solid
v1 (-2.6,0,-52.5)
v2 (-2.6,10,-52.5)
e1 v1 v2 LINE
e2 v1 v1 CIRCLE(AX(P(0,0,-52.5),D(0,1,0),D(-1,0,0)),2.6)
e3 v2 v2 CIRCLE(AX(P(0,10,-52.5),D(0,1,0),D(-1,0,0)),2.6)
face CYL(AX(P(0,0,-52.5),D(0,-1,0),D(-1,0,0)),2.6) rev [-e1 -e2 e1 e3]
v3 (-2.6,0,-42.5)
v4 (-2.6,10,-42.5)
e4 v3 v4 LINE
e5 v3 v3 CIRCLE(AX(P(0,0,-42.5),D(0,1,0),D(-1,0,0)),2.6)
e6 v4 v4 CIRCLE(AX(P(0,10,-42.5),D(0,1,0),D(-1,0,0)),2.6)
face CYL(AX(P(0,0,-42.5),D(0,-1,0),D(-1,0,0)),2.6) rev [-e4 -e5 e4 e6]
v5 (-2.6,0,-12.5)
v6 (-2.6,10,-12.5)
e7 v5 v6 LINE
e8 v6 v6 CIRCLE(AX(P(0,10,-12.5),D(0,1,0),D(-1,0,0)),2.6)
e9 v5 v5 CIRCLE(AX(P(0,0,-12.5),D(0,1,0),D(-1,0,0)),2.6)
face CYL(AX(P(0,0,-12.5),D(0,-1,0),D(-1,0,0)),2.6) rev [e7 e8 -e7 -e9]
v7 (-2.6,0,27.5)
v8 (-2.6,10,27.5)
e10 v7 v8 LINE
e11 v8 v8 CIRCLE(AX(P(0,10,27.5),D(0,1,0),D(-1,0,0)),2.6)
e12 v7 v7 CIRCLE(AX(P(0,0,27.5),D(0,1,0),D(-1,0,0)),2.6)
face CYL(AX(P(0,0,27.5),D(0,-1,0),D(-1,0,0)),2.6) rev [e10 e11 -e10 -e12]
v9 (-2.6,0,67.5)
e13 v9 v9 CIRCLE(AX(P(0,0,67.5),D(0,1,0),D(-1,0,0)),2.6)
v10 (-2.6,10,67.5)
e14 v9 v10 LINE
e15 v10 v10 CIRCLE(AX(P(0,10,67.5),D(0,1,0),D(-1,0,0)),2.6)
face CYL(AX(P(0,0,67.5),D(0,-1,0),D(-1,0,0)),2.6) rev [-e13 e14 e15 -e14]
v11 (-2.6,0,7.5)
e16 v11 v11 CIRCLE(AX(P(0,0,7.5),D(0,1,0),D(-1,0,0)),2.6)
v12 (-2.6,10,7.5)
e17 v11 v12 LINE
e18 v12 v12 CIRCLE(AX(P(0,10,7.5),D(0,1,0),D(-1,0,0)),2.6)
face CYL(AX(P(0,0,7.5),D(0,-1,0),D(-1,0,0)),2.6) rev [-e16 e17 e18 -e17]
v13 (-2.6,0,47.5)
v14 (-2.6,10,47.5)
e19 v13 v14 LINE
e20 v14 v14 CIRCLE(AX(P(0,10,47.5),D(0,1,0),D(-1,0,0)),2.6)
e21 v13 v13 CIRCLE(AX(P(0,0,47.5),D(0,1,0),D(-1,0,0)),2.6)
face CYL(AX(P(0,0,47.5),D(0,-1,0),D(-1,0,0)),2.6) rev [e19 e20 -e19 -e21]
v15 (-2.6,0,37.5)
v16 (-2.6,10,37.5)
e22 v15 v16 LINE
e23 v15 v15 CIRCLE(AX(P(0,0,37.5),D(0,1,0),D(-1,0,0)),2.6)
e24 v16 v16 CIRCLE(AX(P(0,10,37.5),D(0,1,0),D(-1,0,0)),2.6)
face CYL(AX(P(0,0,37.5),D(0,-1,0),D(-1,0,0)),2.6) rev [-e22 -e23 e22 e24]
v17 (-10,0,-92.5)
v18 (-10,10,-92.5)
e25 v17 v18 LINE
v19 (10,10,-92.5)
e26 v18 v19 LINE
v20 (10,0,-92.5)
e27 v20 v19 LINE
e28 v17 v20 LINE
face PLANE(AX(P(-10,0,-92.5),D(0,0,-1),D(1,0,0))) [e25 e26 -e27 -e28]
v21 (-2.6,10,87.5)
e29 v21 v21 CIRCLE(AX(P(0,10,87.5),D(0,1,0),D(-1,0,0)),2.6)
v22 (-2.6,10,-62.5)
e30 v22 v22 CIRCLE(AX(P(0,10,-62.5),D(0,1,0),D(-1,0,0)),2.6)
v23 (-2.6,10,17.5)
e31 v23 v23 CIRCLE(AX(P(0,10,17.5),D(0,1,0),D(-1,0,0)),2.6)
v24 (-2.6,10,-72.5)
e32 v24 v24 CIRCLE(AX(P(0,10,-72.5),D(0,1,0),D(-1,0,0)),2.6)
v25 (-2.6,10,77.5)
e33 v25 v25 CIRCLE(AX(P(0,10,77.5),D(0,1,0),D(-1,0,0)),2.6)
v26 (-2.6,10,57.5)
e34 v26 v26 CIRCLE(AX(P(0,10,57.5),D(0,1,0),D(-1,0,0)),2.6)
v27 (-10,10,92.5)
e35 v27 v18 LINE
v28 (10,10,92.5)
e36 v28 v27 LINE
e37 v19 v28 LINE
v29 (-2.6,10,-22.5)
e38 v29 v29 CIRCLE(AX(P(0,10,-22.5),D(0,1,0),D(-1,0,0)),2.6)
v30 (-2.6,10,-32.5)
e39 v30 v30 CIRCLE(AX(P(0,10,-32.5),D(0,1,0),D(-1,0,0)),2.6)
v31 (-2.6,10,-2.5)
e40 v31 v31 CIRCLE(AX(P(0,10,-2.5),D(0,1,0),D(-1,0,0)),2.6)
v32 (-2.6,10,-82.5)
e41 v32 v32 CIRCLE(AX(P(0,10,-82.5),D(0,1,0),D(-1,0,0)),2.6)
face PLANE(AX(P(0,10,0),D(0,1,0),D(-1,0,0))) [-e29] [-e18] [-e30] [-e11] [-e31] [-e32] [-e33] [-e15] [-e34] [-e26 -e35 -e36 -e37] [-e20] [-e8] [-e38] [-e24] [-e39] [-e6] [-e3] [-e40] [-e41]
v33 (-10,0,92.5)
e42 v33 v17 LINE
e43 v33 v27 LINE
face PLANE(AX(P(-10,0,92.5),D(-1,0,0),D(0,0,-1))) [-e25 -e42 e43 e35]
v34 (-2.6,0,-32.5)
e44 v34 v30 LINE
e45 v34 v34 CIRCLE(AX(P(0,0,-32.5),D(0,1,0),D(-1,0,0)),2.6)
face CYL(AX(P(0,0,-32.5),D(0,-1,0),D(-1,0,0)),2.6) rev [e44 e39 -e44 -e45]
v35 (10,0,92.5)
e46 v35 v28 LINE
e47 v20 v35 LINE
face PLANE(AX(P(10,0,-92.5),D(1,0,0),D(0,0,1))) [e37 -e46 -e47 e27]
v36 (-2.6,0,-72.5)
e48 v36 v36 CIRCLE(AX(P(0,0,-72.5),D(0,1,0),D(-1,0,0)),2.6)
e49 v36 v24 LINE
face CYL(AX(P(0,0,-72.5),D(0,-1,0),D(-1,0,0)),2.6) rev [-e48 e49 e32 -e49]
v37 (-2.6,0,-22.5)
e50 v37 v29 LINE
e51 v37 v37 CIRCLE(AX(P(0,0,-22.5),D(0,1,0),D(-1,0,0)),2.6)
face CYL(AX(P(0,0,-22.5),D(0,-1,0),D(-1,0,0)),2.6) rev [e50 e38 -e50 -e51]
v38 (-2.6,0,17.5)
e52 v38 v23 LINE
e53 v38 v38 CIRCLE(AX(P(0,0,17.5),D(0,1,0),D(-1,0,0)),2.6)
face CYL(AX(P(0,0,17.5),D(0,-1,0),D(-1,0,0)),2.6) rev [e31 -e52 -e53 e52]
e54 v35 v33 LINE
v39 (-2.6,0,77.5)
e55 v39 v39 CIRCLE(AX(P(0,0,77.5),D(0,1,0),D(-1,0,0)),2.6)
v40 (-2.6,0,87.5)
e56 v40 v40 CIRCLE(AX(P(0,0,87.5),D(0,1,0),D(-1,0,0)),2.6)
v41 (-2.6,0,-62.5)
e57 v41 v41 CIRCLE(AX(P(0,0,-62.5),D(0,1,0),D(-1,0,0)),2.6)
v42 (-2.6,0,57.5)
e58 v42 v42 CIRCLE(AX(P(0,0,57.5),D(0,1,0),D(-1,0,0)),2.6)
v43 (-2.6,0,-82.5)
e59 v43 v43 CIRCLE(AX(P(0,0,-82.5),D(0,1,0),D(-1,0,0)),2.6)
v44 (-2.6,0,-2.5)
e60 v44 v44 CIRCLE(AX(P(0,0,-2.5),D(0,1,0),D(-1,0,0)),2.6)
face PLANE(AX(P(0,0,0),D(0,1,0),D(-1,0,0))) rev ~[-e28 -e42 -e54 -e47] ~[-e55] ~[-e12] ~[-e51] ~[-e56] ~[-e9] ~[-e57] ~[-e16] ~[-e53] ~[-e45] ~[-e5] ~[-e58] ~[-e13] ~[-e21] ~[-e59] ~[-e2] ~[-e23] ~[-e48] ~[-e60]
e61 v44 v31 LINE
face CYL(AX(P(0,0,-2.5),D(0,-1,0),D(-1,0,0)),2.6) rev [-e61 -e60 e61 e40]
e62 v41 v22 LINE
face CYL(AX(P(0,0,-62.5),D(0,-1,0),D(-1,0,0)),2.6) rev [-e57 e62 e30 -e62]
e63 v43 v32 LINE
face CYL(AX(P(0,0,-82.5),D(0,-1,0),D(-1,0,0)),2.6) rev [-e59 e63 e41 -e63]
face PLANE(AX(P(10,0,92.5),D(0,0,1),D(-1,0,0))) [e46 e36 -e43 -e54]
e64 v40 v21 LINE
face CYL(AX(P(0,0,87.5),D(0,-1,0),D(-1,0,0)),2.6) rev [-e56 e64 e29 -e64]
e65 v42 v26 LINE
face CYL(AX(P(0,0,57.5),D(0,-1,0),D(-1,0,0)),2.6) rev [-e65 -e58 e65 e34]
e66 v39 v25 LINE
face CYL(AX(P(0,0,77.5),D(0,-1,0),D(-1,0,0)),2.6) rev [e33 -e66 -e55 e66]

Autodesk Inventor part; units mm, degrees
ref_plane "YZ Plane" through (0, 0, 0) normal (1, 0, 0) x (0, 1, 0)
ref_plane "XZ Plane" through (0, 0, 0) normal (0, 1, 0) x (-1, 0, 0)
ref_plane "XY Plane" through (0, 0, 0) normal (0, 0, 1) x (1, 0, 0)
sketch "Sketch1" plane through (0, 0, 0) normal (0, 1, 0) x (-1, 0, 0)
  line L0 (-10, 92.5) -> (10, 92.5)
  line L1 (10, 92.5) -> (10, -92.5)
  line L2 (10, -92.5) -> (-10, -92.5)
  line L3 (-10, -92.5) -> (-10, 92.5)
  line L4 (-10, 92.5) -> (10, -92.5) construction
  line L5 (10, 92.5) -> (-10, -92.5) construction
  circle A0 centre (0, -82.5) radius 2.6
  circle A1 centre (0, -72.5) radius 2.6
  circle A2 centre (0, -62.5) radius 2.6
  circle A3 centre (0, -52.5) radius 2.6
  circle A4 centre (0, -42.5) radius 2.6
  circle A5 centre (0, -32.5) radius 2.6
  circle A6 centre (0, -22.5) radius 2.6
  circle A7 centre (0, -12.5) radius 2.6
  circle A8 centre (0, -2.5) radius 2.6
  circle A9 centre (0, 7.5) radius 2.6
  circle A10 centre (0, 17.5) radius 2.6
  circle A11 centre (0, 27.5) radius 2.6
  circle A12 centre (0, 37.5) radius 2.6
  circle A13 centre (0, 47.5) radius 2.6
  circle A14 centre (0, 57.5) radius 2.6
  circle A15 centre (0, 67.5) radius 2.6
  circle A16 centre (0, 77.5) radius 2.6
  circle A17 centre (0, 87.5) radius 2.6
  circle A18 centre (0, 97.5) radius 2.6
  circle A19 centre (0, 107.5) radius 2.6
  circle A20 centre (0, 117.5) radius 2.6
  circle A21 centre (0, 127.5) radius 2.6
  circle A22 centre (0, 137.5) radius 2.6
  circle A23 centre (0, 147.5) radius 2.6
  point P0 (0, 0)
  dimension "d0" = 20
  dimension "d1" = 185
  dimension "d2" = 10
  dimension "d3" = 5.2
  dimension "d6" = 10
extrude "Extrusion1" add sketch "Sketch1" along normal blind 10 contours L0 L1 L2 L3
properties part number "Zarm" material "Wood (Birch)"
